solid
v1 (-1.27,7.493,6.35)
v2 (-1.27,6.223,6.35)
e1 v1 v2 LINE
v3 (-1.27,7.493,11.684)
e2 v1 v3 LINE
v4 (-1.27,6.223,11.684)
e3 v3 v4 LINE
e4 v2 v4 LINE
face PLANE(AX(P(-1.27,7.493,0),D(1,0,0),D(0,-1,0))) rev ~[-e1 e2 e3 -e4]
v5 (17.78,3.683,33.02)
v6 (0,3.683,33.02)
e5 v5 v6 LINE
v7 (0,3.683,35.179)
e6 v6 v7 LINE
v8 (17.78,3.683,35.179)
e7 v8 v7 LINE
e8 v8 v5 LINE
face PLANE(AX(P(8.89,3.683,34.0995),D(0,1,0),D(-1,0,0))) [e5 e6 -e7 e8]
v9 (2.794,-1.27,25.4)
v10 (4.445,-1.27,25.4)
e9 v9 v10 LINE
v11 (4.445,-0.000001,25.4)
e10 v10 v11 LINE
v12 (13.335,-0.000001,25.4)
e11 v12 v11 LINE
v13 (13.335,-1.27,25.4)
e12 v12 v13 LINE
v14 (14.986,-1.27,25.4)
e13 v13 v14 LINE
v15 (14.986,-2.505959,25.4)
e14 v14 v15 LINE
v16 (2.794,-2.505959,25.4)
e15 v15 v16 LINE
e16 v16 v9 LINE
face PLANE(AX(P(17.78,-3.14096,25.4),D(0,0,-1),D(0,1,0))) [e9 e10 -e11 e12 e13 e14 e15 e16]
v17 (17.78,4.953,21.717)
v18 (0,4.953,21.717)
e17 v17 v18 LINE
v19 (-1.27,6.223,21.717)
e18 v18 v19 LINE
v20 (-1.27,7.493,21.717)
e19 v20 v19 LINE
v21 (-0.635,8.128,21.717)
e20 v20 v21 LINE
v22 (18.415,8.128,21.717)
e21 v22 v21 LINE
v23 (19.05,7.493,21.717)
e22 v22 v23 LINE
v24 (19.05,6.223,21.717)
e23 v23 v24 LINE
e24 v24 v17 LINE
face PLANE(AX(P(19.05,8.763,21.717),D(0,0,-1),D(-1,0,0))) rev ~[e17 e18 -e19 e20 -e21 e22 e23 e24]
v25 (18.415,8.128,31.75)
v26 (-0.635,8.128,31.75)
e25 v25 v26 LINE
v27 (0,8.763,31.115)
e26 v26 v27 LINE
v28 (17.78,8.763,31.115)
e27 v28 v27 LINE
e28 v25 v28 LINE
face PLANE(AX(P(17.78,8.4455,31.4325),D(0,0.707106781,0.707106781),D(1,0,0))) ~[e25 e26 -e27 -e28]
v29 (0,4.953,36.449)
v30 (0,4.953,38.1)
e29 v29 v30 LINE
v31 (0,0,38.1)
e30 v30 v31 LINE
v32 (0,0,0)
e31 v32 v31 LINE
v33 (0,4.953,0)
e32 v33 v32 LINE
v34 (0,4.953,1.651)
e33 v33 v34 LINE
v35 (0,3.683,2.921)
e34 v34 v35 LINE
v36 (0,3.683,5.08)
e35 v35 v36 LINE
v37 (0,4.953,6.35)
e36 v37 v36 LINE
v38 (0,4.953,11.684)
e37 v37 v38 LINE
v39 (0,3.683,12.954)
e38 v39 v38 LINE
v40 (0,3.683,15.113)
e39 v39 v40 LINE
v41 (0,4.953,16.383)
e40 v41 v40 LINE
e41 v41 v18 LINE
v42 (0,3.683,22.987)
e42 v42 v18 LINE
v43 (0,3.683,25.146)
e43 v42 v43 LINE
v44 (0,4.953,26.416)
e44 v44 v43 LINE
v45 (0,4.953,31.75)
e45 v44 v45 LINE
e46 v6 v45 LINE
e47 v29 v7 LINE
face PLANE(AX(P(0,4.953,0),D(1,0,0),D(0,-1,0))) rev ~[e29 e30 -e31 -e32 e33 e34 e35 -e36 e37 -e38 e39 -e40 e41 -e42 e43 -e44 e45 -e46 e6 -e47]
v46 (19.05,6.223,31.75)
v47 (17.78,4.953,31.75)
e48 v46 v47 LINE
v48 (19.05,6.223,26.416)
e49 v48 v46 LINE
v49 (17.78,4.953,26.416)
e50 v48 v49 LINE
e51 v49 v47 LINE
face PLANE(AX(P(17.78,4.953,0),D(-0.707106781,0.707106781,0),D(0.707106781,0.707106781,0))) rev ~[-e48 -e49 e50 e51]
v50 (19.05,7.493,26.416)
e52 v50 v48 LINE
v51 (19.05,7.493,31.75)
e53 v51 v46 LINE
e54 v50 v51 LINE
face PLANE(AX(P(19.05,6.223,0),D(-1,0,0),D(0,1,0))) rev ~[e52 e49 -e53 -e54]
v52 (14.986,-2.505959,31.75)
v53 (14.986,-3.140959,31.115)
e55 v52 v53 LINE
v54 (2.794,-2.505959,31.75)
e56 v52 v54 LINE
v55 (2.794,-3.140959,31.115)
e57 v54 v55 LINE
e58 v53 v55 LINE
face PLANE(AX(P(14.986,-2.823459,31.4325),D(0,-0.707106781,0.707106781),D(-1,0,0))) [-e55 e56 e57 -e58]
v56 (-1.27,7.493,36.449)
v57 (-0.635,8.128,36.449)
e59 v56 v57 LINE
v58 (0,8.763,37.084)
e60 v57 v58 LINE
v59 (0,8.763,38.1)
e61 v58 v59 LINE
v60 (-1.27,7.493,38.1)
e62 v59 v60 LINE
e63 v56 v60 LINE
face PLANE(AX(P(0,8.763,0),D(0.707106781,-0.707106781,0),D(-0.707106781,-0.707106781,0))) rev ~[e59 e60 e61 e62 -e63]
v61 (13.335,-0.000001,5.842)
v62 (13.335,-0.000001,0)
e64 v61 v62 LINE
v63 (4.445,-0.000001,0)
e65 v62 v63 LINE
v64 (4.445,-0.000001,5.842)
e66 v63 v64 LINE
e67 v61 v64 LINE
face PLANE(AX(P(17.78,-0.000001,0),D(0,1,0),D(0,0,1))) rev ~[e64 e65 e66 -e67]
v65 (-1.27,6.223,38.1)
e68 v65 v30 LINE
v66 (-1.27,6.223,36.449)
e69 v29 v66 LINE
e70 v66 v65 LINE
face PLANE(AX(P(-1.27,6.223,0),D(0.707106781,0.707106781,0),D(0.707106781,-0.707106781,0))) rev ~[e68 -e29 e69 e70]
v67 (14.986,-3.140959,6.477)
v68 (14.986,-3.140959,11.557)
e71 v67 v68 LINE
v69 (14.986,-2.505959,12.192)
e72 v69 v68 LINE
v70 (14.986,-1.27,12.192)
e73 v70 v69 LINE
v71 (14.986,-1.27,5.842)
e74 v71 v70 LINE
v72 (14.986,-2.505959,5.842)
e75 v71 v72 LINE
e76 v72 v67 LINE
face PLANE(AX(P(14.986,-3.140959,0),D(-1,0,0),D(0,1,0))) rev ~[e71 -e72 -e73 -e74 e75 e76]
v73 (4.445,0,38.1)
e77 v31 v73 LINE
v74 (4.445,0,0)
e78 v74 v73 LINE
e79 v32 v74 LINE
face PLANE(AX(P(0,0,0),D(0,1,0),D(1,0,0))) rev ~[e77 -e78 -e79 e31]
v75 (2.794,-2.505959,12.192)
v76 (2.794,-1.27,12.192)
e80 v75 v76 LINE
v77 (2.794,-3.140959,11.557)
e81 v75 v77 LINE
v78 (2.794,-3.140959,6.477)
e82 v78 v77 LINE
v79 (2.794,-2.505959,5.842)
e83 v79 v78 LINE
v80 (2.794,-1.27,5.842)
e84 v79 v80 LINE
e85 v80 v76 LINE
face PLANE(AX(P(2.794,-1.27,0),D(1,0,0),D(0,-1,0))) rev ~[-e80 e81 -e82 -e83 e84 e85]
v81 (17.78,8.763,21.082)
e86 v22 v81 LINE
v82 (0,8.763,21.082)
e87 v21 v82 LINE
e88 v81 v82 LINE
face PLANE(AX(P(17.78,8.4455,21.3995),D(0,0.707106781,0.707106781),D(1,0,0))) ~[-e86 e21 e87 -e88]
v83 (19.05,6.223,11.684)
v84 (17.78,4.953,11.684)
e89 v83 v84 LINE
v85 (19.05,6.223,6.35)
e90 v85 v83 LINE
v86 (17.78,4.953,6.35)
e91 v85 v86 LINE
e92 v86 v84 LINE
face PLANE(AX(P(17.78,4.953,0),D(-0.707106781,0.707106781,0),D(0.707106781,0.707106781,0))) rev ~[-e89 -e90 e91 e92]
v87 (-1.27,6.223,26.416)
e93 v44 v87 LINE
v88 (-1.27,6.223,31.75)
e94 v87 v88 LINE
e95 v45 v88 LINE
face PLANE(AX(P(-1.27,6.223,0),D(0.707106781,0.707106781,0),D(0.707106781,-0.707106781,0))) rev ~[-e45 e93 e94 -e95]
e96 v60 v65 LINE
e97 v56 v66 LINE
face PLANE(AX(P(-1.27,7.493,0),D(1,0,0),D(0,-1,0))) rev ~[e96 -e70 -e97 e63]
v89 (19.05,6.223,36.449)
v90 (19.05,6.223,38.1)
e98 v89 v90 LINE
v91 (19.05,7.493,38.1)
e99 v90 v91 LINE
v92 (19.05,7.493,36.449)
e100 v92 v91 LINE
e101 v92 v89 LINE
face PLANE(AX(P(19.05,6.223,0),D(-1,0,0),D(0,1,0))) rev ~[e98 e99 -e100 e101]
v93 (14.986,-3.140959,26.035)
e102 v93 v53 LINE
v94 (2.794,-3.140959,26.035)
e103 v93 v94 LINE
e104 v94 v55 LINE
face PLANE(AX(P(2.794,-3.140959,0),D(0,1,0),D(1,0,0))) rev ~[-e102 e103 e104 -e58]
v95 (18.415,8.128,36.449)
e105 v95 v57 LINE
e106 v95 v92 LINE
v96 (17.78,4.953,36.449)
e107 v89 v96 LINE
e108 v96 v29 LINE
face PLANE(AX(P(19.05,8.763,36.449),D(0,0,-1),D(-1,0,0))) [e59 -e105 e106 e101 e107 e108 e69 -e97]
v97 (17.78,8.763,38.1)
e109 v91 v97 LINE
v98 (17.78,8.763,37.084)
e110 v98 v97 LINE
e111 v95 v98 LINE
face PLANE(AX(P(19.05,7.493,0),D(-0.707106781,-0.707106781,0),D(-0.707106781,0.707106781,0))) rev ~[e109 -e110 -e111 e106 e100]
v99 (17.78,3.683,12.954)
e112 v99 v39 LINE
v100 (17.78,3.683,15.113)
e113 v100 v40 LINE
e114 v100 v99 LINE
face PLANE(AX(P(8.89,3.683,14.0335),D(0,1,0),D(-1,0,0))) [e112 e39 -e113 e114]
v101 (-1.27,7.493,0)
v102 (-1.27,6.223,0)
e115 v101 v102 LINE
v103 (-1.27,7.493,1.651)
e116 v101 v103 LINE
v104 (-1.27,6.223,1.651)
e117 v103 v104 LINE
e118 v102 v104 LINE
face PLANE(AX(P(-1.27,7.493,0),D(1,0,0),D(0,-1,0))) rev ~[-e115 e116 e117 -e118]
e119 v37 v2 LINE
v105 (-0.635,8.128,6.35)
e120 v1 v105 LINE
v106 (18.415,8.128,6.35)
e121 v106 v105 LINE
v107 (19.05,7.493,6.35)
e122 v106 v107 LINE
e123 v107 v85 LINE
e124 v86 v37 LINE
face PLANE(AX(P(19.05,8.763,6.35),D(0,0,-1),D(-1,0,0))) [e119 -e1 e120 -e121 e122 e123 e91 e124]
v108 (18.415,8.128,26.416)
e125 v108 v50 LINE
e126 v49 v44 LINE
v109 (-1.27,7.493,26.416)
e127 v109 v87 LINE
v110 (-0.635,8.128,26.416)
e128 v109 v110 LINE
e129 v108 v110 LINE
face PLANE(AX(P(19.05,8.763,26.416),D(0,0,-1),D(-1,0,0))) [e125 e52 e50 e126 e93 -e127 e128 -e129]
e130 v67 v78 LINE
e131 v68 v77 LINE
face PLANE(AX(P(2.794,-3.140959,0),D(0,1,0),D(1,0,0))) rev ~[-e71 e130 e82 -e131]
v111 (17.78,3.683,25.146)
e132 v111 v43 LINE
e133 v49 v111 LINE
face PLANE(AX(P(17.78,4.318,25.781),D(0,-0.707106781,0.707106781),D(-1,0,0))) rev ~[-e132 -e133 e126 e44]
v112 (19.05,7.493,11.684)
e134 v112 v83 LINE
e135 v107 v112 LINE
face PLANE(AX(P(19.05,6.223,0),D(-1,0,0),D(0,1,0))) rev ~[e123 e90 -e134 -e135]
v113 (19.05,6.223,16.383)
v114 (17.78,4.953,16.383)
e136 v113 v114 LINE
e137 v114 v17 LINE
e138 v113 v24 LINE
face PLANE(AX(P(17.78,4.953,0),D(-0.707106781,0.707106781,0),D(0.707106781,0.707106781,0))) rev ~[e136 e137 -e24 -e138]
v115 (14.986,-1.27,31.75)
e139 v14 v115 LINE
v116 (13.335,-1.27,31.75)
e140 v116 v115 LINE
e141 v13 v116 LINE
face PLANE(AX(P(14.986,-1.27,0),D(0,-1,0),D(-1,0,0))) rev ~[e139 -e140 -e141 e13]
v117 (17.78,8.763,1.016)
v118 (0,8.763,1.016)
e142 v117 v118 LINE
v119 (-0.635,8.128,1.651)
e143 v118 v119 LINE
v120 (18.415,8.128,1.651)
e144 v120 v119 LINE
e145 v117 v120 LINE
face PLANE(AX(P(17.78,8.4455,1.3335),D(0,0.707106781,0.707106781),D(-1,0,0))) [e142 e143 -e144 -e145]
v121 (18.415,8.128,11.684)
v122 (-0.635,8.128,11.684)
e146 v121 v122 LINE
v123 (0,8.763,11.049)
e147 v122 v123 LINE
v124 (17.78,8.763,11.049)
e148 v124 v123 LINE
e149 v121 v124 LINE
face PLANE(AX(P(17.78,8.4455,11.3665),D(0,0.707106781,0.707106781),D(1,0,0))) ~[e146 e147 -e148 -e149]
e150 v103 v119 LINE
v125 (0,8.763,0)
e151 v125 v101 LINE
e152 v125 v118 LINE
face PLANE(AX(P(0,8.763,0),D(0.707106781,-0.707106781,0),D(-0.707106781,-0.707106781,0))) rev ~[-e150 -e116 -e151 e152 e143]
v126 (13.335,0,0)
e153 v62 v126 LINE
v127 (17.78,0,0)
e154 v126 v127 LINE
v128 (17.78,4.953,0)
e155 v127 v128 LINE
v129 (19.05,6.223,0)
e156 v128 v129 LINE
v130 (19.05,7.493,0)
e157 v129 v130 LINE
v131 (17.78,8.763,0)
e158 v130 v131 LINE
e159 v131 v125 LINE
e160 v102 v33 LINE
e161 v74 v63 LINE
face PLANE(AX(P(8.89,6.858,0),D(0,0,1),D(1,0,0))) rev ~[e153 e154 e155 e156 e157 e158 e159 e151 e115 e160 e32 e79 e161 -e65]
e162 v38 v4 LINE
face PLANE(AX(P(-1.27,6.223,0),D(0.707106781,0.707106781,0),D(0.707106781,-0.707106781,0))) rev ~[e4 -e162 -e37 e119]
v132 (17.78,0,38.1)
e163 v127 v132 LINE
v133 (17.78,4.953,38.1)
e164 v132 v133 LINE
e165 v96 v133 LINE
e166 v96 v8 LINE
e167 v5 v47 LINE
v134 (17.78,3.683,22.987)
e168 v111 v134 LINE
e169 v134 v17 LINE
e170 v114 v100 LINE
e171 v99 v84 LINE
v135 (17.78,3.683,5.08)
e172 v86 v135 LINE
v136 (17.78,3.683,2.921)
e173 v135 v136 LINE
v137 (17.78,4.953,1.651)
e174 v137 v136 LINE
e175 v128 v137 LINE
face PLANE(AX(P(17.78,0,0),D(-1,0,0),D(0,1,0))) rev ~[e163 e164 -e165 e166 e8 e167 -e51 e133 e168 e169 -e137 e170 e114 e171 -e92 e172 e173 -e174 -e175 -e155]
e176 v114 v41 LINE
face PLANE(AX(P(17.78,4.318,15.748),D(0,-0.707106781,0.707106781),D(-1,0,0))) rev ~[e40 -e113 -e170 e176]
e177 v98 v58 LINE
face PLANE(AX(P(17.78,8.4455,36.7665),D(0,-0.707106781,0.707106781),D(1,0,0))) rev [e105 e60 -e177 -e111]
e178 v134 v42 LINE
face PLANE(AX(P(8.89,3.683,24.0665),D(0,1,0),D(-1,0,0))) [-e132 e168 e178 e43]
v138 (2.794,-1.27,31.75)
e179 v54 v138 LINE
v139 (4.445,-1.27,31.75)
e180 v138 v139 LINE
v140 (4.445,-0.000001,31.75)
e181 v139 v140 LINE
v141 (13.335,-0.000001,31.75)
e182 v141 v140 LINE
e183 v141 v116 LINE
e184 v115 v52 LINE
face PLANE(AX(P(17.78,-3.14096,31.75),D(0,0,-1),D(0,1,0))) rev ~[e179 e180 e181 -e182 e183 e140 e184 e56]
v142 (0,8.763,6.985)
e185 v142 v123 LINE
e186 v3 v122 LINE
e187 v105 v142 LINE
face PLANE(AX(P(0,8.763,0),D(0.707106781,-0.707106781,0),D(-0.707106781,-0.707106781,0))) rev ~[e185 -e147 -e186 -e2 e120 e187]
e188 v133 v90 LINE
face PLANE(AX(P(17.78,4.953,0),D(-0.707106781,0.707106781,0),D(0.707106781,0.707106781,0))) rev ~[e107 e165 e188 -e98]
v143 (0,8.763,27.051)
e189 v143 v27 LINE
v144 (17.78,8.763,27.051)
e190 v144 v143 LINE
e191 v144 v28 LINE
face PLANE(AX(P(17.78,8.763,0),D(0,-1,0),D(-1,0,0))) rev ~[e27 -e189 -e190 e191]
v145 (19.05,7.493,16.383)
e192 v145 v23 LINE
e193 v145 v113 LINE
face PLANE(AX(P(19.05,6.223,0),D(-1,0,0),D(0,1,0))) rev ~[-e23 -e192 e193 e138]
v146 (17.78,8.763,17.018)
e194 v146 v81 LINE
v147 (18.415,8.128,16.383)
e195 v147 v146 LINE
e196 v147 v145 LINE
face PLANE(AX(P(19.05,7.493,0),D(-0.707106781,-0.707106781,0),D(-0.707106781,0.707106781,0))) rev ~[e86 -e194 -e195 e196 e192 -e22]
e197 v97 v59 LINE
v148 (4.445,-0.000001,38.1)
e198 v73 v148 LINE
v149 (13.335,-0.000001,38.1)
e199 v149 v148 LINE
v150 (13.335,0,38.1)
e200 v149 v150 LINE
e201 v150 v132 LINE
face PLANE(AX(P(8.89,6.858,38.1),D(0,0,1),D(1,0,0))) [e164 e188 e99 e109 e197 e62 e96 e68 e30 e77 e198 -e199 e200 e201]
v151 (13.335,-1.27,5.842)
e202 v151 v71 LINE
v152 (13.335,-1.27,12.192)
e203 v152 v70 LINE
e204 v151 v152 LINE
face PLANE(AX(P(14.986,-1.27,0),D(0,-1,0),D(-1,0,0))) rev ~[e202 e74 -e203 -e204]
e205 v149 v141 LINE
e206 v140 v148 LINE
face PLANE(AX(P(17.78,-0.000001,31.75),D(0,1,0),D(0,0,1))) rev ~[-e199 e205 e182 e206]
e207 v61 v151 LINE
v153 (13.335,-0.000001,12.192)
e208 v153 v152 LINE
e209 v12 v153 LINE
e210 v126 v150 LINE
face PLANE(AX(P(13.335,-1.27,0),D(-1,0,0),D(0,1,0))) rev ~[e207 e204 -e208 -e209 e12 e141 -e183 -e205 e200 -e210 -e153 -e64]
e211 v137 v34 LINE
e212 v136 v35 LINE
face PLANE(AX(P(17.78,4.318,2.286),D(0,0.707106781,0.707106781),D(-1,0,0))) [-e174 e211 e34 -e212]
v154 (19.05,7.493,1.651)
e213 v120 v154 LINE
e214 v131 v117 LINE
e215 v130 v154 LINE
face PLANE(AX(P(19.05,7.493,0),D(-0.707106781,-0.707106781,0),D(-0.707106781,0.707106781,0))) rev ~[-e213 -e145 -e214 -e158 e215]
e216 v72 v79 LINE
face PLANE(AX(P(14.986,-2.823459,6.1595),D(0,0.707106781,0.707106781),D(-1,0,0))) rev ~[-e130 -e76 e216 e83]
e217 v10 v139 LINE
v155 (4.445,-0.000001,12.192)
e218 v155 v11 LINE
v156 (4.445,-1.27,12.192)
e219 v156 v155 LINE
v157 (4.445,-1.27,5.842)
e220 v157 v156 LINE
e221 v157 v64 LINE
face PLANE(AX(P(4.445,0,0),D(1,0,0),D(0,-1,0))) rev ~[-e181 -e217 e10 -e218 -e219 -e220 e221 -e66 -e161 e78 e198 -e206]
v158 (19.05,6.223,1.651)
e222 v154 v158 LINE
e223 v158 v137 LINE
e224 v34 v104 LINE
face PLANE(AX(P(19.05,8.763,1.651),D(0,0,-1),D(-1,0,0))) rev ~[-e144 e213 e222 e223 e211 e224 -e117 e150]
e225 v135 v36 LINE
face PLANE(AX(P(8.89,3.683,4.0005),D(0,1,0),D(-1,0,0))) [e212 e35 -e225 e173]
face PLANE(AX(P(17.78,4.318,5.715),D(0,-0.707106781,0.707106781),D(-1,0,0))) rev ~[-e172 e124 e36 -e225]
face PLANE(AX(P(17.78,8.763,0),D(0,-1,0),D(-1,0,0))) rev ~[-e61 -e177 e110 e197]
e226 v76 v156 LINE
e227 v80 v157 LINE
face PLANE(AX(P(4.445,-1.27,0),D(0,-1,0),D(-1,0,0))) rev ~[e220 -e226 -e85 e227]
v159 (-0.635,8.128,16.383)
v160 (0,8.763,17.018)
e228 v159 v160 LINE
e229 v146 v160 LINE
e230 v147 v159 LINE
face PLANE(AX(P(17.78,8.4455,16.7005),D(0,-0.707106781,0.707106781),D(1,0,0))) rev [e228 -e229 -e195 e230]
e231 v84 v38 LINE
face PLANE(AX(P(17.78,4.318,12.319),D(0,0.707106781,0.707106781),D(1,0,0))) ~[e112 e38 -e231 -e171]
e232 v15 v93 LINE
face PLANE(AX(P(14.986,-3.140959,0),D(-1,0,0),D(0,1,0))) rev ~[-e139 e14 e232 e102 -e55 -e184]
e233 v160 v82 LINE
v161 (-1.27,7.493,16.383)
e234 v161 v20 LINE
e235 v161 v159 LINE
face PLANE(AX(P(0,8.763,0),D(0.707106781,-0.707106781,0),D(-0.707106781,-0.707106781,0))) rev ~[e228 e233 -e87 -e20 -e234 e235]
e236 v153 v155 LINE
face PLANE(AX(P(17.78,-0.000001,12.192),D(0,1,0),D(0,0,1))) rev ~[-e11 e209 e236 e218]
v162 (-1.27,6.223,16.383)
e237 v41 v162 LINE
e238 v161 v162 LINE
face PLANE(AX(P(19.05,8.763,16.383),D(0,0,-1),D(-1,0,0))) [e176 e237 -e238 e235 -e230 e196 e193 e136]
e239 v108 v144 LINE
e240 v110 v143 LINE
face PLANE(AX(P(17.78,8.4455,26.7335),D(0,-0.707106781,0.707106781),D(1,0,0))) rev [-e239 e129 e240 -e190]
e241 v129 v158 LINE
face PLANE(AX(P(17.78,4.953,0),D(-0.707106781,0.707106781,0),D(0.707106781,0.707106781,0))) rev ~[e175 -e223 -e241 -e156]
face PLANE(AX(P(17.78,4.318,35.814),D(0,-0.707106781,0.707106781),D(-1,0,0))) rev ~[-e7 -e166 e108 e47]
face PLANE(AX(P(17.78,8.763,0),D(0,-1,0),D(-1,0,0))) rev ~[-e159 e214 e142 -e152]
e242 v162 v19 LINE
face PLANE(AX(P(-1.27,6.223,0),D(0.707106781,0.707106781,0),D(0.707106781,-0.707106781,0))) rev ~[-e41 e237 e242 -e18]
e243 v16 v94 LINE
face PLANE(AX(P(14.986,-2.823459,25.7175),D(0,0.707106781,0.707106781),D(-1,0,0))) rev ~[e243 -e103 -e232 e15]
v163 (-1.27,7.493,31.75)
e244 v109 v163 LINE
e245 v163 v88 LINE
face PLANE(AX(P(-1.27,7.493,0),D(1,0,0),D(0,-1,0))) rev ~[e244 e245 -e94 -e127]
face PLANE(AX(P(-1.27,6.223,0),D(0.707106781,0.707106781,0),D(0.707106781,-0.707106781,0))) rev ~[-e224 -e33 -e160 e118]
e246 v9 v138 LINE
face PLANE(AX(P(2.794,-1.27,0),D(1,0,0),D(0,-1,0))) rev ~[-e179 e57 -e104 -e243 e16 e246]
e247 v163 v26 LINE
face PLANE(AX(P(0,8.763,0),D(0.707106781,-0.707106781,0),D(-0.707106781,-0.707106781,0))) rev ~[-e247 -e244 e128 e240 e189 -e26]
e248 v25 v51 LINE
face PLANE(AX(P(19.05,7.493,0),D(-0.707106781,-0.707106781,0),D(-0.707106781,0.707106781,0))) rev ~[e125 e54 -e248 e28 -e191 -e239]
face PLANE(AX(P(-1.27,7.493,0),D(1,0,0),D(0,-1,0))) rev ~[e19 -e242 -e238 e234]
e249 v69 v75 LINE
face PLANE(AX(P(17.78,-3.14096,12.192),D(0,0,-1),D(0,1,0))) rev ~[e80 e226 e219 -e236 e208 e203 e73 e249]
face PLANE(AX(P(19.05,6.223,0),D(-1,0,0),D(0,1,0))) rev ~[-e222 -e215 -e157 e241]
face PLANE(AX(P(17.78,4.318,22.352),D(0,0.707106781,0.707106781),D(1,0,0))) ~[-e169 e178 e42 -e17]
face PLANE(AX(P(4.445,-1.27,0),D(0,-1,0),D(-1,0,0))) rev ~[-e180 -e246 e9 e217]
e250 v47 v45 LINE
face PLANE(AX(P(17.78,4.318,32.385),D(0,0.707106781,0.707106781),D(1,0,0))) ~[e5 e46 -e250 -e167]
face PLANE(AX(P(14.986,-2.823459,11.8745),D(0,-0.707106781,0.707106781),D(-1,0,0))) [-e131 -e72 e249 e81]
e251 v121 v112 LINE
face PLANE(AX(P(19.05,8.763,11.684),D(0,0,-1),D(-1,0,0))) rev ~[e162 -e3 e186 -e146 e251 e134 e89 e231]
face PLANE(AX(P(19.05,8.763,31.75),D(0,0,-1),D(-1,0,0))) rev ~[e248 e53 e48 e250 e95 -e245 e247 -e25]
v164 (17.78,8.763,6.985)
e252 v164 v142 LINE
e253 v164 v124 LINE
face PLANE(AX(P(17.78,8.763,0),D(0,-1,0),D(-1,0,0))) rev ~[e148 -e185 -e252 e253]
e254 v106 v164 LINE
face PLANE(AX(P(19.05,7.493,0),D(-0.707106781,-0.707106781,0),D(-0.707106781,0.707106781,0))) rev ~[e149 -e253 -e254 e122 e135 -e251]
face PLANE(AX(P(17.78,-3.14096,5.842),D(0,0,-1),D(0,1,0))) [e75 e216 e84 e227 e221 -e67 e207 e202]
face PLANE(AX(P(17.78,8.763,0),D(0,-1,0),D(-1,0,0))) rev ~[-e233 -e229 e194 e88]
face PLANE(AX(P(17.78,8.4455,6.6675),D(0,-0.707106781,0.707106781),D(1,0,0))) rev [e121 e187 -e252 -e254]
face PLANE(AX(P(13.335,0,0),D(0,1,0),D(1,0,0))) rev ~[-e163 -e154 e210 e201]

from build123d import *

# Parameters (mm, degrees)
F1_DEPTH = 38.1
F2_W     = 20.32
F2_H     = 4.699
F3_DEPTH = 5.08
F4_SIZE  = 1.27
F5_SIZE  = 0.635
F6_W     = 3.140959
F6_H     = 6.35
F6_H_2   = 13.208
F6_H_3   = 5.842
F7_DEPTH = 19.051
F8_SIZE  = 0.635


with BuildPart() as f1:
    # F0 (on Top) → F1 (new body)
    with BuildSketch(Plane.XY):
        Polygon((-1.27, 6.223), (0, 4.953), (17.78, 4.953), (19.05, 6.223), (19.05, 7.493), (17.78, 8.763), (8.89, 8.763), (0, 8.763), (-1.27, 7.493), align=None)
        Polygon((17.78, 4.953), (0, 4.953), (0, 0), (4.445, 0), (4.445, -1.27), (2.794, -1.27), (2.794, -3.140959), (8.89, -3.140959), (14.986, -3.140959), (14.986, -1.27), (13.335, -1.27), (13.335, 0), (17.78, 0), align=None)
    extrude(amount=F1_DEPTH)

    # F2 (on face) → F3 (cut)
    with BuildSketch(Plane(origin=(0, 8.763, 0), x_dir=(-1, 0, 0), z_dir=(0, 1, 0))):
        with Locations((-8.89, 34.0995)):
            Rectangle(F2_W, F2_H)
        with Locations((-8.89, 24.0665)):
            Rectangle(F2_W, F2_H)
        with Locations((-8.89, 14.0335)):
            Rectangle(F2_W, F2_H)
        with Locations((-8.89, 4.0005)):
            Rectangle(F2_W, F2_H)
    extrude(amount=-F3_DEPTH, mode=Mode.SUBTRACT)

    # F4
    f4_edges = [f1.edges().sort_by_distance(p)[0] for p in [
        (8.89, 3.683, 36.449),
        (8.89, 3.683, 31.75),
        (8.89, 3.683, 26.416),
        (8.89, 3.683, 21.717),
        (8.89, 3.683, 16.383),
        (8.89, 3.683, 11.684),
        (8.89, 3.683, 6.35),
        (8.89, 3.683, 1.651),
    ]]
    chamfer(f4_edges, length=F4_SIZE)

    # F5
    f5_edges = [f1.edges().sort_by_distance(p)[0] for p in [
        (8.89, 8.763, 31.75),
        (8.89, 8.763, 26.416),
        (8.89, 8.763, 21.717),
        (8.89, 8.763, 16.383),
        (8.89, 8.763, 11.684),
        (8.89, 8.763, 6.35),
        (8.89, 8.763, 1.651),
        (8.89, 8.763, 36.449),
    ]]
    chamfer(f5_edges, length=F5_SIZE)

    # F6 (on face) → F7 (cut, through all)
    with BuildSketch(Plane.YZ.offset(17.78)):
        with Locations((-1.57048, 34.925)):
            Rectangle(F6_W, F6_H)
        with Locations((-1.57048, 18.796)):
            Rectangle(F6_W, F6_H_2)
        with Locations((-1.57048, 2.921)):
            Rectangle(F6_W, F6_H_3)
    extrude(amount=-F7_DEPTH, mode=Mode.SUBTRACT)

    # F8
    f8_edges = [f1.edges().sort_by_distance(p)[0] for p in [
        (8.89, -3.140959, 31.75),
        (8.89, -3.140959, 12.192),
        (8.89, -3.140959, 25.4),
        (8.89, -3.140959, 5.842),
    ]]
    chamfer(f8_edges, length=F8_SIZE)


solid = f1.part
